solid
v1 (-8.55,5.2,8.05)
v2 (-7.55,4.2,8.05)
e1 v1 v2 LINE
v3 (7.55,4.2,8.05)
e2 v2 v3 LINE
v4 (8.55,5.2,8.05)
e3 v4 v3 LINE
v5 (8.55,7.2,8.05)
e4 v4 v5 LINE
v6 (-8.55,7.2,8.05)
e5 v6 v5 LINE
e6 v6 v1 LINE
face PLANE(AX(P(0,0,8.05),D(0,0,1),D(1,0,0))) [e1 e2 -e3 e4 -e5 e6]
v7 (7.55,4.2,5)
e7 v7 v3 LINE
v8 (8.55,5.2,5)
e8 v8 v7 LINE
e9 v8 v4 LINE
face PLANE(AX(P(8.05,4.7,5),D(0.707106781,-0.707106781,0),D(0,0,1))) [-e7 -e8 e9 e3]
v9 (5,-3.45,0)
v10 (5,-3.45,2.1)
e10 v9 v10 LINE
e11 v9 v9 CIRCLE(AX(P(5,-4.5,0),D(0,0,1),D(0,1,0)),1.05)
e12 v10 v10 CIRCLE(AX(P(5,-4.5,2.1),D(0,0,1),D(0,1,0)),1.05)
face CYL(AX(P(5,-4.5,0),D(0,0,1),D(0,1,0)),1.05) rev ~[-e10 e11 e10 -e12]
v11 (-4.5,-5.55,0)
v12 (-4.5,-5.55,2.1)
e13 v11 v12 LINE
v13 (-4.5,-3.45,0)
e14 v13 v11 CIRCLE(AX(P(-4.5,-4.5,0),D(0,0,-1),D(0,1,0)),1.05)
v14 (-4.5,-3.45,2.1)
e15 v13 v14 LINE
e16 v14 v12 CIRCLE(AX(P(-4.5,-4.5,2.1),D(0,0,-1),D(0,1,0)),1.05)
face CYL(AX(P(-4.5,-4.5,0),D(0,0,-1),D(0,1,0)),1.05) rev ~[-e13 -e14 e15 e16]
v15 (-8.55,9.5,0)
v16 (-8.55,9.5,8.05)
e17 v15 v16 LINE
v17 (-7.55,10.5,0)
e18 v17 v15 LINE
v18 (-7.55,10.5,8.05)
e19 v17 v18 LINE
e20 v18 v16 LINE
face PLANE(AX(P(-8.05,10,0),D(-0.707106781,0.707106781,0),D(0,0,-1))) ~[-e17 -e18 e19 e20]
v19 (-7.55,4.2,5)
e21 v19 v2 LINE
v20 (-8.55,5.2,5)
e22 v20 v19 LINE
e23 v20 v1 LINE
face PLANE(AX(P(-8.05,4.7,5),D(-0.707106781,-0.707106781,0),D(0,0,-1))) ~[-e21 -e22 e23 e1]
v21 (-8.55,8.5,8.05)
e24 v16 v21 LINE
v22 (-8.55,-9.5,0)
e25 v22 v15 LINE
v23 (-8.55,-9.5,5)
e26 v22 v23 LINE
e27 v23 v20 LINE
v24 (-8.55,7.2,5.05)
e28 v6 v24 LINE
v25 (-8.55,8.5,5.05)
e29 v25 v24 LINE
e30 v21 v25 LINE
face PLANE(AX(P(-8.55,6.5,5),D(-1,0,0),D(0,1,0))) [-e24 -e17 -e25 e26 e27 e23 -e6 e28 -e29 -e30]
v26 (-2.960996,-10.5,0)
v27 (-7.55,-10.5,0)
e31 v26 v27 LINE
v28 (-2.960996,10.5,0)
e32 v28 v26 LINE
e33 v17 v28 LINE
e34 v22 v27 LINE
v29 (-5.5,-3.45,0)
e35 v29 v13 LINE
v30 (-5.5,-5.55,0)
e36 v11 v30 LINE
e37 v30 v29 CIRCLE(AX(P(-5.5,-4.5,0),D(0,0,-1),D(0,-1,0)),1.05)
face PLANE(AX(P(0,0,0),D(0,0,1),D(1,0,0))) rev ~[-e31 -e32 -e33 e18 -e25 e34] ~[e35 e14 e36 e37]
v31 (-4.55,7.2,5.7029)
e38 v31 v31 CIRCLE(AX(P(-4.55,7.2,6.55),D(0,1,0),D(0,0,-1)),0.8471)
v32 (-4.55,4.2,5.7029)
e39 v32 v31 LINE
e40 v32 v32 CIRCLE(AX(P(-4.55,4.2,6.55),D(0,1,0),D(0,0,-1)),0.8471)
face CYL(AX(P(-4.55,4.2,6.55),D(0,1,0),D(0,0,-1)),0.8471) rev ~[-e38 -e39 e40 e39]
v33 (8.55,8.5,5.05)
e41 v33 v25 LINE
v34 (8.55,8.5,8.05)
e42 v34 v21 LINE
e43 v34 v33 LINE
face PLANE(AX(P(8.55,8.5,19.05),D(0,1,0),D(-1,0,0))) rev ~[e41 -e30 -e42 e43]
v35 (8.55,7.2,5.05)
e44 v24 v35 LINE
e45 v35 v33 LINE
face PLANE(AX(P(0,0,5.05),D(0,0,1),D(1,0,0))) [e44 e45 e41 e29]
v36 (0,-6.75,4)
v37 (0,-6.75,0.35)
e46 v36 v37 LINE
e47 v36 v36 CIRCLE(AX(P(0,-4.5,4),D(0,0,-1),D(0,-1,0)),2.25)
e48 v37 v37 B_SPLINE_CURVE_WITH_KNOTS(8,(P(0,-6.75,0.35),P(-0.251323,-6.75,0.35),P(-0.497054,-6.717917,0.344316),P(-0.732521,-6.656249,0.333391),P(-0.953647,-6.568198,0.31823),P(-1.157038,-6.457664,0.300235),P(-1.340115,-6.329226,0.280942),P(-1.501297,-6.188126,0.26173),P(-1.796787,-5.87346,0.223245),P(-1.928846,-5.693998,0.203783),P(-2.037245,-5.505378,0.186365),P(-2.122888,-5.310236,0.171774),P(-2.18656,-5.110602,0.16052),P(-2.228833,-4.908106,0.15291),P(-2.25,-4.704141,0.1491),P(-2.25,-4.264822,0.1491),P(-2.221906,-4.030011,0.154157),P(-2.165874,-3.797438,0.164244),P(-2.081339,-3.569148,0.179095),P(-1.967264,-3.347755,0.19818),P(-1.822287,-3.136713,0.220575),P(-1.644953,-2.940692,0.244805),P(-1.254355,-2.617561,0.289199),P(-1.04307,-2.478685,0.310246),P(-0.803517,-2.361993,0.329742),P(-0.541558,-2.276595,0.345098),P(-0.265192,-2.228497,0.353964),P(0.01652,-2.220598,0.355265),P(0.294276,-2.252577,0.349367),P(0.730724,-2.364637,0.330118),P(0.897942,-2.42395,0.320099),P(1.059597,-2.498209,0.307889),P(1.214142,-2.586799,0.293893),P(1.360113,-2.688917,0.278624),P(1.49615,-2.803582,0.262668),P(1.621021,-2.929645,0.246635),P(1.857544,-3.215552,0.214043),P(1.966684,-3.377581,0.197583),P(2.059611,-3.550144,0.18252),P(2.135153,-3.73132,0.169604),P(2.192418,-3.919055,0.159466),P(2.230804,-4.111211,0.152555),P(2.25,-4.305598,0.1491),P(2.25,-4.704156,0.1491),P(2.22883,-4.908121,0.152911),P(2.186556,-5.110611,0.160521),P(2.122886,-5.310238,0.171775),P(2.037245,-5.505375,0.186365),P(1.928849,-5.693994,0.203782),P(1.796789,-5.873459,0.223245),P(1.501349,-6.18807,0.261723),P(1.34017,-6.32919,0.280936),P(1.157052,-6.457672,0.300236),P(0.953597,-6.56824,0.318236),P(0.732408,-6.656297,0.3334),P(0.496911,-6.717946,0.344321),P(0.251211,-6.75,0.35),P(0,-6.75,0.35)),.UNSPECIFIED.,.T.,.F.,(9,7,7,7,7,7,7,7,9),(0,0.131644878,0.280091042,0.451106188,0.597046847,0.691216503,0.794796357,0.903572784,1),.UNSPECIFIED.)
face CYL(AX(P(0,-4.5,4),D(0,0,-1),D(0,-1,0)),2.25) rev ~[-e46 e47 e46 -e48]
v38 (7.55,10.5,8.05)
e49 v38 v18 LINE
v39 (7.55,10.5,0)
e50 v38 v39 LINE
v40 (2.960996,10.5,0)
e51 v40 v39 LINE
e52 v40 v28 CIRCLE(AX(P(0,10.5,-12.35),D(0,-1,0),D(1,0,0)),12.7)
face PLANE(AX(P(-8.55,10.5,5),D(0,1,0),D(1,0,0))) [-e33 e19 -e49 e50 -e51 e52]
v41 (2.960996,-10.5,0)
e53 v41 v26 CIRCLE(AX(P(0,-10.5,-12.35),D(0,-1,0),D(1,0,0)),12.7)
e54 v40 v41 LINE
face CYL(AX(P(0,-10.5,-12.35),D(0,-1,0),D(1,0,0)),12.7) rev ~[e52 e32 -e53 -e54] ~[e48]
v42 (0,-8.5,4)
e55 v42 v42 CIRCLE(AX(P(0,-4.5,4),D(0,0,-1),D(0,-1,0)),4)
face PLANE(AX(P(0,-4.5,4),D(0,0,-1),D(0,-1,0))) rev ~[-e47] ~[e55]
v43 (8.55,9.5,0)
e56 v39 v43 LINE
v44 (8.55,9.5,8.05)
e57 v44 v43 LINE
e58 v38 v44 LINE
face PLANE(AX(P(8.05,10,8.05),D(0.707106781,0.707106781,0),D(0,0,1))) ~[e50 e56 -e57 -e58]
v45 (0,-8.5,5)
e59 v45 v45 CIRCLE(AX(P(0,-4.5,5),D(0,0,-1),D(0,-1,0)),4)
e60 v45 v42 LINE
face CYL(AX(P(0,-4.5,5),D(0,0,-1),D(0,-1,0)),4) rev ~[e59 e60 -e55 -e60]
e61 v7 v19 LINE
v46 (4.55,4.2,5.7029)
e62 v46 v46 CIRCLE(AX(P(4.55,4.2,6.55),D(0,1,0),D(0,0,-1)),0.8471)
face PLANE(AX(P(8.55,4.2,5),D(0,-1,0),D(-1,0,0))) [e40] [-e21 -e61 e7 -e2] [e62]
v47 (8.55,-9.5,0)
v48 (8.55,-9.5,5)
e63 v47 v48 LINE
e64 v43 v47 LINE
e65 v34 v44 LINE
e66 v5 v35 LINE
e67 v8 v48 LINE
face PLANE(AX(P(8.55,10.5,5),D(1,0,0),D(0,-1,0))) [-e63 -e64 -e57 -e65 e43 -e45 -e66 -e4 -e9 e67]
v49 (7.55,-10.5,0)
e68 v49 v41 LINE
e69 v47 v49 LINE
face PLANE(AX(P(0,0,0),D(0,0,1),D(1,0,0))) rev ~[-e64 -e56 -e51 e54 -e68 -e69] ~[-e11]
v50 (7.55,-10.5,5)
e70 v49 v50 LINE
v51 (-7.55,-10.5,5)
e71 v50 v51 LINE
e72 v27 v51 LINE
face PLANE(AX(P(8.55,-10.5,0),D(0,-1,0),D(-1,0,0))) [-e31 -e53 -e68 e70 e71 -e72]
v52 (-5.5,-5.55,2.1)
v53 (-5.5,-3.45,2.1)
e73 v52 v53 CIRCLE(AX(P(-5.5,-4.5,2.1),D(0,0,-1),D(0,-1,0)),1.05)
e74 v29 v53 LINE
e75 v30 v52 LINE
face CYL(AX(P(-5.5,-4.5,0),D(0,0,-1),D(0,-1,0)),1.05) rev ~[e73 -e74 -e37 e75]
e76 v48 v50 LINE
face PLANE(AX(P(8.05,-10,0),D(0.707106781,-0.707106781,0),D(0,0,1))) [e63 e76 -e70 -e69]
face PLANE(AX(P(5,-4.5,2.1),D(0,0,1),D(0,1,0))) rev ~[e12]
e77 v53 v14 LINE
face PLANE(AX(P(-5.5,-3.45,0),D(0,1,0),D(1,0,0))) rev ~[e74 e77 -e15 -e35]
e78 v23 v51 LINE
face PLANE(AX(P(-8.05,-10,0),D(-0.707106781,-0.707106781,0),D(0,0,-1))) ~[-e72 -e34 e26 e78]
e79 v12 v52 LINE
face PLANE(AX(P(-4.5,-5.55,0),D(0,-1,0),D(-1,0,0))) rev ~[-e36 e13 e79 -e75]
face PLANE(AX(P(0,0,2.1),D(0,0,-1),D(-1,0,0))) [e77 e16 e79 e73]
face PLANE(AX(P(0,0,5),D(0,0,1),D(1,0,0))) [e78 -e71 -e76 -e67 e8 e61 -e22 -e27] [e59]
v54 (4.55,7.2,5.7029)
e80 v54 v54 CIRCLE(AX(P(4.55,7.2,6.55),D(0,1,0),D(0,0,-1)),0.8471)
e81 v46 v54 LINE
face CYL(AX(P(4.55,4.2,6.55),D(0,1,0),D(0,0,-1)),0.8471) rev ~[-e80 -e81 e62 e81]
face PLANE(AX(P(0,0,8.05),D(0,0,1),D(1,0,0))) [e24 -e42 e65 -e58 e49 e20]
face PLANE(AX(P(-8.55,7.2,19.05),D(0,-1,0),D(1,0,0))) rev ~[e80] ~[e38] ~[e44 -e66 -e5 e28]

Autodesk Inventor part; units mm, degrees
ref_plane "YZ Plane" through (0, 0, 0) normal (1, 0, 0) x (0, 1, 0)
ref_plane "XZ Plane" through (0, 0, 0) normal (0, 1, 0) x (-1, 0, 0)
ref_plane "XY Plane" through (0, 0, 0) normal (0, 0, 1) x (1, 0, 0)
sketch "Sketch1" plane through (0, 0, 0) normal (0, 0, 1) x (1, 0, 0)
  line L0 (-8.55, 10.5) -> (8.55, 10.5)
  line L1 (8.55, 10.5) -> (8.55, -10.5)
  line L2 (8.55, -10.5) -> (-8.55, -10.5)
  line L3 (-8.55, -10.5) -> (-8.55, 10.5)
  point P0 (0, 0)
  dimension "LENGTH" = 17.1
  dimension "WIDTH" = 21
  dimension "d2" = 10.5
  dimension "d3" = 8.55
extrude "Extrusion1" add sketch "Sketch1" along normal blind 5
sketch "Sketch4" plane through (0, 0, 5) normal (0, 0, 1) x (1, 0, 0)
  line L0 (-8.55, -10.5) -> (8.55, -10.5) projected
  point P0 (0, 0)
  point P1 (0, -4.5)
  dimension "d16" = 0
  dimension "d17" = 6
hole "Hole1" at (0, -4.5, 5) direction (0, 0, -1) diameter 4.5 depth 5 counterbore diameter 8 counterbore depth 1 clearance for "Socket Head Cap Screw" size "#8" standard "Ansi Unified Screw Threads"
sketch "Sketch2" plane through (0, 0, 5) normal (0, 0, 1) x (1, 0, 0)
  line L0 (-8.55, 10.5) -> (8.55, 10.5)
  line L1 (8.55, 10.5) -> (8.55, 4.2)
  line L2 (8.55, 4.2) -> (-8.55, 4.2)
  line L3 (-8.55, 4.2) -> (-8.55, 10.5)
  line L4 (8.55, 6.5) -> (8.55, 5.2)
  line L5 (-8.55, 5.2) -> (-8.55, 6.5)
  point P0 (0, 0)
  dimension "d6" = 10.5
  dimension "d7" = 6.3
  dimension "d8" = 8.55
  dimension "d18" = 17.1
  dimension "d20" = 17.1
extrude "Extrusion2" add sketch "Sketch2" along normal blind 14.05
sketch "Sketch7" plane through (0, 0, 19.05) normal (0, 0, 1) x (1, 0, 0)
  line L0 (8.55, 8.5) -> (-8.55, 8.5)
  line L1 (-8.55, 8.5) -> (-8.55, 7.2)
  line L2 (-8.55, 7.2) -> (8.55, 7.2)
  line L3 (8.55, 7.2) -> (8.55, 8.5)
  line L4 (8.55, 4.2) -> (8.55, 10.5) projected
  line L5 (-8.55, 4.2) -> (8.55, 4.2) projected
  line L6 (8.55, 10.5) -> (-8.55, 10.5)
  line L7 (-8.55, 10.5) -> (-8.55, 4.2)
  line L8 (-8.55, 4.2) -> (8.55, 4.2)
  line L9 (8.55, 4.2) -> (8.55, 10.5)
  line L10 (8.55, 10.5) -> (-8.55, 10.5) projected
  point P0 (0, 0)
  point P1 (-8.55, 4.2)
  point P2 (8.55, 8.5)
  point P3 (8.55, 10.5)
  dimension "d53" = 0
  dimension "d54" = 17.1
  dimension "d55" = 1.3
  dimension "d56" = 3
  dimension "d59" = 0
  dimension "d60" = 0
  dimension "d61" = 0
  dimension "d62" = 0
extrude "Extrusion6" cut sketch "Sketch7" against normal blind 11 contours L0 L7 L6 L4 | L4 L5 L7 L2
extrude "Extrusion5" cut sketch "Sketch7" against normal blind 14 contours L3 L2 L1 L0
sketch "Sketch5" plane through (-8.55, 4.2, 5) normal (0, -1, 0) x (1, 0, 0)
  line L0 (0, 0) -> (0, 3.05) projected
  line L1 (17.1, 0) -> (17.1, 3.05) projected
  line L2 (17.1, 3.05) -> (0, 3.05) projected
  point P0 (8.55, -5)
  point P1 (4, 1.55)
  point P2 (13.1, 1.55)
  point P3 (0, 0.05)
  dimension "d34" = 0
  dimension "d36" = 4
  dimension "d37" = 4
  dimension "d66" = 1.5
hole "Hole2" at (-4.55, 4.2, 6.55) at (4.55, 4.2, 6.55) direction (0, 1, 0) diameter 1.6942 depth 3 thread size "2-56 UNC" class "2B" standard "ANSI Unified Screw Threads"
sketch "Sketch6" plane through (0, 0, 0) normal (0, 0, -1) x (-1, 0, 0)
  line L0 (5.5, -4.5) -> (4.5, -4.5) construction
  line L1 (5.5, -3.45) -> (4.5, -3.45)
  line L2 (4.5, -5.55) -> (5.5, -5.55)
  arc A0 (5.5, -5.55) -> (5.5, -3.45) centre (5.5, -4.5) ccw
  arc A1 (4.5, -3.45) -> (4.5, -5.55) centre (4.5, -4.5) ccw
  circle A2 centre (0, -4.5) radius 2.25 projected
  point P0 (0, 0)
  point P1 (-5, -4.5)
  point P2 (5, -4.5)
  dimension "d38" = 1
  dimension "d39" = 1.05
  dimension "d40" = 0
  dimension "d41" = 0
  dimension "d42" = 5
  dimension "d43" = 5
hole "Hole3" at (5, -4.5, 0) direction (0, 0, 1) diameter 2.1 depth 2.1
extrude "Extrusion4" cut sketch "Sketch6" against normal blind 2.1 contours A0 L2 A1 L1
chamfer "Chamfer1" distance 1 angle 45 6 edges at (-8.55, 4.2, 6.525) (8.55, 4.2, 6.525) (8.55, 10.5, 4.025) (-8.55, 10.5, 4.025) (8.55, -10.5, 2.5) (-8.55, -10.5, 2.5)
sketch "Sketch8" plane through (-7.55, -10.5, 0) normal (0, -1, 0) x (1, 0, 0)
  circle A0 centre (7.55, -12.35) radius 12.7
  point P0 (7.55, 0)
  dimension "d70" = 0
  dimension "d71" = 12.35
  dimension "d72" = 25.4
extrude "Extrusion7" cut sketch "Sketch8" against normal up to surface (21 mm away)
equation "\"d2\" = 0.5 * WIDTH"
equation "\"d3\" = 0.5 * LENGTH"
equation "\"d6\" = 0.5 * WIDTH"
equation "\"d8\" = 0.5 * LENGTH"
equation "\"d18\" = LENGTH"
equation "\"d20\" = LENGTH"
equation "\"d23\" = BEAM_HEIGHT - d4"
equation "\"d54\" = LENGTH"
equation "\"d55\" = DICHROIC_THICKNESS + TOLERANCE"
equation "\"TOLERANCE\" = 0.125"
equation "\"BEAM_HEIGHT\" = 19.05"
equation "\"d4\" = 5"
equation "\"DICHROIC_THICKNESS\" = 1.175"
properties part number "dichroic-mount"
